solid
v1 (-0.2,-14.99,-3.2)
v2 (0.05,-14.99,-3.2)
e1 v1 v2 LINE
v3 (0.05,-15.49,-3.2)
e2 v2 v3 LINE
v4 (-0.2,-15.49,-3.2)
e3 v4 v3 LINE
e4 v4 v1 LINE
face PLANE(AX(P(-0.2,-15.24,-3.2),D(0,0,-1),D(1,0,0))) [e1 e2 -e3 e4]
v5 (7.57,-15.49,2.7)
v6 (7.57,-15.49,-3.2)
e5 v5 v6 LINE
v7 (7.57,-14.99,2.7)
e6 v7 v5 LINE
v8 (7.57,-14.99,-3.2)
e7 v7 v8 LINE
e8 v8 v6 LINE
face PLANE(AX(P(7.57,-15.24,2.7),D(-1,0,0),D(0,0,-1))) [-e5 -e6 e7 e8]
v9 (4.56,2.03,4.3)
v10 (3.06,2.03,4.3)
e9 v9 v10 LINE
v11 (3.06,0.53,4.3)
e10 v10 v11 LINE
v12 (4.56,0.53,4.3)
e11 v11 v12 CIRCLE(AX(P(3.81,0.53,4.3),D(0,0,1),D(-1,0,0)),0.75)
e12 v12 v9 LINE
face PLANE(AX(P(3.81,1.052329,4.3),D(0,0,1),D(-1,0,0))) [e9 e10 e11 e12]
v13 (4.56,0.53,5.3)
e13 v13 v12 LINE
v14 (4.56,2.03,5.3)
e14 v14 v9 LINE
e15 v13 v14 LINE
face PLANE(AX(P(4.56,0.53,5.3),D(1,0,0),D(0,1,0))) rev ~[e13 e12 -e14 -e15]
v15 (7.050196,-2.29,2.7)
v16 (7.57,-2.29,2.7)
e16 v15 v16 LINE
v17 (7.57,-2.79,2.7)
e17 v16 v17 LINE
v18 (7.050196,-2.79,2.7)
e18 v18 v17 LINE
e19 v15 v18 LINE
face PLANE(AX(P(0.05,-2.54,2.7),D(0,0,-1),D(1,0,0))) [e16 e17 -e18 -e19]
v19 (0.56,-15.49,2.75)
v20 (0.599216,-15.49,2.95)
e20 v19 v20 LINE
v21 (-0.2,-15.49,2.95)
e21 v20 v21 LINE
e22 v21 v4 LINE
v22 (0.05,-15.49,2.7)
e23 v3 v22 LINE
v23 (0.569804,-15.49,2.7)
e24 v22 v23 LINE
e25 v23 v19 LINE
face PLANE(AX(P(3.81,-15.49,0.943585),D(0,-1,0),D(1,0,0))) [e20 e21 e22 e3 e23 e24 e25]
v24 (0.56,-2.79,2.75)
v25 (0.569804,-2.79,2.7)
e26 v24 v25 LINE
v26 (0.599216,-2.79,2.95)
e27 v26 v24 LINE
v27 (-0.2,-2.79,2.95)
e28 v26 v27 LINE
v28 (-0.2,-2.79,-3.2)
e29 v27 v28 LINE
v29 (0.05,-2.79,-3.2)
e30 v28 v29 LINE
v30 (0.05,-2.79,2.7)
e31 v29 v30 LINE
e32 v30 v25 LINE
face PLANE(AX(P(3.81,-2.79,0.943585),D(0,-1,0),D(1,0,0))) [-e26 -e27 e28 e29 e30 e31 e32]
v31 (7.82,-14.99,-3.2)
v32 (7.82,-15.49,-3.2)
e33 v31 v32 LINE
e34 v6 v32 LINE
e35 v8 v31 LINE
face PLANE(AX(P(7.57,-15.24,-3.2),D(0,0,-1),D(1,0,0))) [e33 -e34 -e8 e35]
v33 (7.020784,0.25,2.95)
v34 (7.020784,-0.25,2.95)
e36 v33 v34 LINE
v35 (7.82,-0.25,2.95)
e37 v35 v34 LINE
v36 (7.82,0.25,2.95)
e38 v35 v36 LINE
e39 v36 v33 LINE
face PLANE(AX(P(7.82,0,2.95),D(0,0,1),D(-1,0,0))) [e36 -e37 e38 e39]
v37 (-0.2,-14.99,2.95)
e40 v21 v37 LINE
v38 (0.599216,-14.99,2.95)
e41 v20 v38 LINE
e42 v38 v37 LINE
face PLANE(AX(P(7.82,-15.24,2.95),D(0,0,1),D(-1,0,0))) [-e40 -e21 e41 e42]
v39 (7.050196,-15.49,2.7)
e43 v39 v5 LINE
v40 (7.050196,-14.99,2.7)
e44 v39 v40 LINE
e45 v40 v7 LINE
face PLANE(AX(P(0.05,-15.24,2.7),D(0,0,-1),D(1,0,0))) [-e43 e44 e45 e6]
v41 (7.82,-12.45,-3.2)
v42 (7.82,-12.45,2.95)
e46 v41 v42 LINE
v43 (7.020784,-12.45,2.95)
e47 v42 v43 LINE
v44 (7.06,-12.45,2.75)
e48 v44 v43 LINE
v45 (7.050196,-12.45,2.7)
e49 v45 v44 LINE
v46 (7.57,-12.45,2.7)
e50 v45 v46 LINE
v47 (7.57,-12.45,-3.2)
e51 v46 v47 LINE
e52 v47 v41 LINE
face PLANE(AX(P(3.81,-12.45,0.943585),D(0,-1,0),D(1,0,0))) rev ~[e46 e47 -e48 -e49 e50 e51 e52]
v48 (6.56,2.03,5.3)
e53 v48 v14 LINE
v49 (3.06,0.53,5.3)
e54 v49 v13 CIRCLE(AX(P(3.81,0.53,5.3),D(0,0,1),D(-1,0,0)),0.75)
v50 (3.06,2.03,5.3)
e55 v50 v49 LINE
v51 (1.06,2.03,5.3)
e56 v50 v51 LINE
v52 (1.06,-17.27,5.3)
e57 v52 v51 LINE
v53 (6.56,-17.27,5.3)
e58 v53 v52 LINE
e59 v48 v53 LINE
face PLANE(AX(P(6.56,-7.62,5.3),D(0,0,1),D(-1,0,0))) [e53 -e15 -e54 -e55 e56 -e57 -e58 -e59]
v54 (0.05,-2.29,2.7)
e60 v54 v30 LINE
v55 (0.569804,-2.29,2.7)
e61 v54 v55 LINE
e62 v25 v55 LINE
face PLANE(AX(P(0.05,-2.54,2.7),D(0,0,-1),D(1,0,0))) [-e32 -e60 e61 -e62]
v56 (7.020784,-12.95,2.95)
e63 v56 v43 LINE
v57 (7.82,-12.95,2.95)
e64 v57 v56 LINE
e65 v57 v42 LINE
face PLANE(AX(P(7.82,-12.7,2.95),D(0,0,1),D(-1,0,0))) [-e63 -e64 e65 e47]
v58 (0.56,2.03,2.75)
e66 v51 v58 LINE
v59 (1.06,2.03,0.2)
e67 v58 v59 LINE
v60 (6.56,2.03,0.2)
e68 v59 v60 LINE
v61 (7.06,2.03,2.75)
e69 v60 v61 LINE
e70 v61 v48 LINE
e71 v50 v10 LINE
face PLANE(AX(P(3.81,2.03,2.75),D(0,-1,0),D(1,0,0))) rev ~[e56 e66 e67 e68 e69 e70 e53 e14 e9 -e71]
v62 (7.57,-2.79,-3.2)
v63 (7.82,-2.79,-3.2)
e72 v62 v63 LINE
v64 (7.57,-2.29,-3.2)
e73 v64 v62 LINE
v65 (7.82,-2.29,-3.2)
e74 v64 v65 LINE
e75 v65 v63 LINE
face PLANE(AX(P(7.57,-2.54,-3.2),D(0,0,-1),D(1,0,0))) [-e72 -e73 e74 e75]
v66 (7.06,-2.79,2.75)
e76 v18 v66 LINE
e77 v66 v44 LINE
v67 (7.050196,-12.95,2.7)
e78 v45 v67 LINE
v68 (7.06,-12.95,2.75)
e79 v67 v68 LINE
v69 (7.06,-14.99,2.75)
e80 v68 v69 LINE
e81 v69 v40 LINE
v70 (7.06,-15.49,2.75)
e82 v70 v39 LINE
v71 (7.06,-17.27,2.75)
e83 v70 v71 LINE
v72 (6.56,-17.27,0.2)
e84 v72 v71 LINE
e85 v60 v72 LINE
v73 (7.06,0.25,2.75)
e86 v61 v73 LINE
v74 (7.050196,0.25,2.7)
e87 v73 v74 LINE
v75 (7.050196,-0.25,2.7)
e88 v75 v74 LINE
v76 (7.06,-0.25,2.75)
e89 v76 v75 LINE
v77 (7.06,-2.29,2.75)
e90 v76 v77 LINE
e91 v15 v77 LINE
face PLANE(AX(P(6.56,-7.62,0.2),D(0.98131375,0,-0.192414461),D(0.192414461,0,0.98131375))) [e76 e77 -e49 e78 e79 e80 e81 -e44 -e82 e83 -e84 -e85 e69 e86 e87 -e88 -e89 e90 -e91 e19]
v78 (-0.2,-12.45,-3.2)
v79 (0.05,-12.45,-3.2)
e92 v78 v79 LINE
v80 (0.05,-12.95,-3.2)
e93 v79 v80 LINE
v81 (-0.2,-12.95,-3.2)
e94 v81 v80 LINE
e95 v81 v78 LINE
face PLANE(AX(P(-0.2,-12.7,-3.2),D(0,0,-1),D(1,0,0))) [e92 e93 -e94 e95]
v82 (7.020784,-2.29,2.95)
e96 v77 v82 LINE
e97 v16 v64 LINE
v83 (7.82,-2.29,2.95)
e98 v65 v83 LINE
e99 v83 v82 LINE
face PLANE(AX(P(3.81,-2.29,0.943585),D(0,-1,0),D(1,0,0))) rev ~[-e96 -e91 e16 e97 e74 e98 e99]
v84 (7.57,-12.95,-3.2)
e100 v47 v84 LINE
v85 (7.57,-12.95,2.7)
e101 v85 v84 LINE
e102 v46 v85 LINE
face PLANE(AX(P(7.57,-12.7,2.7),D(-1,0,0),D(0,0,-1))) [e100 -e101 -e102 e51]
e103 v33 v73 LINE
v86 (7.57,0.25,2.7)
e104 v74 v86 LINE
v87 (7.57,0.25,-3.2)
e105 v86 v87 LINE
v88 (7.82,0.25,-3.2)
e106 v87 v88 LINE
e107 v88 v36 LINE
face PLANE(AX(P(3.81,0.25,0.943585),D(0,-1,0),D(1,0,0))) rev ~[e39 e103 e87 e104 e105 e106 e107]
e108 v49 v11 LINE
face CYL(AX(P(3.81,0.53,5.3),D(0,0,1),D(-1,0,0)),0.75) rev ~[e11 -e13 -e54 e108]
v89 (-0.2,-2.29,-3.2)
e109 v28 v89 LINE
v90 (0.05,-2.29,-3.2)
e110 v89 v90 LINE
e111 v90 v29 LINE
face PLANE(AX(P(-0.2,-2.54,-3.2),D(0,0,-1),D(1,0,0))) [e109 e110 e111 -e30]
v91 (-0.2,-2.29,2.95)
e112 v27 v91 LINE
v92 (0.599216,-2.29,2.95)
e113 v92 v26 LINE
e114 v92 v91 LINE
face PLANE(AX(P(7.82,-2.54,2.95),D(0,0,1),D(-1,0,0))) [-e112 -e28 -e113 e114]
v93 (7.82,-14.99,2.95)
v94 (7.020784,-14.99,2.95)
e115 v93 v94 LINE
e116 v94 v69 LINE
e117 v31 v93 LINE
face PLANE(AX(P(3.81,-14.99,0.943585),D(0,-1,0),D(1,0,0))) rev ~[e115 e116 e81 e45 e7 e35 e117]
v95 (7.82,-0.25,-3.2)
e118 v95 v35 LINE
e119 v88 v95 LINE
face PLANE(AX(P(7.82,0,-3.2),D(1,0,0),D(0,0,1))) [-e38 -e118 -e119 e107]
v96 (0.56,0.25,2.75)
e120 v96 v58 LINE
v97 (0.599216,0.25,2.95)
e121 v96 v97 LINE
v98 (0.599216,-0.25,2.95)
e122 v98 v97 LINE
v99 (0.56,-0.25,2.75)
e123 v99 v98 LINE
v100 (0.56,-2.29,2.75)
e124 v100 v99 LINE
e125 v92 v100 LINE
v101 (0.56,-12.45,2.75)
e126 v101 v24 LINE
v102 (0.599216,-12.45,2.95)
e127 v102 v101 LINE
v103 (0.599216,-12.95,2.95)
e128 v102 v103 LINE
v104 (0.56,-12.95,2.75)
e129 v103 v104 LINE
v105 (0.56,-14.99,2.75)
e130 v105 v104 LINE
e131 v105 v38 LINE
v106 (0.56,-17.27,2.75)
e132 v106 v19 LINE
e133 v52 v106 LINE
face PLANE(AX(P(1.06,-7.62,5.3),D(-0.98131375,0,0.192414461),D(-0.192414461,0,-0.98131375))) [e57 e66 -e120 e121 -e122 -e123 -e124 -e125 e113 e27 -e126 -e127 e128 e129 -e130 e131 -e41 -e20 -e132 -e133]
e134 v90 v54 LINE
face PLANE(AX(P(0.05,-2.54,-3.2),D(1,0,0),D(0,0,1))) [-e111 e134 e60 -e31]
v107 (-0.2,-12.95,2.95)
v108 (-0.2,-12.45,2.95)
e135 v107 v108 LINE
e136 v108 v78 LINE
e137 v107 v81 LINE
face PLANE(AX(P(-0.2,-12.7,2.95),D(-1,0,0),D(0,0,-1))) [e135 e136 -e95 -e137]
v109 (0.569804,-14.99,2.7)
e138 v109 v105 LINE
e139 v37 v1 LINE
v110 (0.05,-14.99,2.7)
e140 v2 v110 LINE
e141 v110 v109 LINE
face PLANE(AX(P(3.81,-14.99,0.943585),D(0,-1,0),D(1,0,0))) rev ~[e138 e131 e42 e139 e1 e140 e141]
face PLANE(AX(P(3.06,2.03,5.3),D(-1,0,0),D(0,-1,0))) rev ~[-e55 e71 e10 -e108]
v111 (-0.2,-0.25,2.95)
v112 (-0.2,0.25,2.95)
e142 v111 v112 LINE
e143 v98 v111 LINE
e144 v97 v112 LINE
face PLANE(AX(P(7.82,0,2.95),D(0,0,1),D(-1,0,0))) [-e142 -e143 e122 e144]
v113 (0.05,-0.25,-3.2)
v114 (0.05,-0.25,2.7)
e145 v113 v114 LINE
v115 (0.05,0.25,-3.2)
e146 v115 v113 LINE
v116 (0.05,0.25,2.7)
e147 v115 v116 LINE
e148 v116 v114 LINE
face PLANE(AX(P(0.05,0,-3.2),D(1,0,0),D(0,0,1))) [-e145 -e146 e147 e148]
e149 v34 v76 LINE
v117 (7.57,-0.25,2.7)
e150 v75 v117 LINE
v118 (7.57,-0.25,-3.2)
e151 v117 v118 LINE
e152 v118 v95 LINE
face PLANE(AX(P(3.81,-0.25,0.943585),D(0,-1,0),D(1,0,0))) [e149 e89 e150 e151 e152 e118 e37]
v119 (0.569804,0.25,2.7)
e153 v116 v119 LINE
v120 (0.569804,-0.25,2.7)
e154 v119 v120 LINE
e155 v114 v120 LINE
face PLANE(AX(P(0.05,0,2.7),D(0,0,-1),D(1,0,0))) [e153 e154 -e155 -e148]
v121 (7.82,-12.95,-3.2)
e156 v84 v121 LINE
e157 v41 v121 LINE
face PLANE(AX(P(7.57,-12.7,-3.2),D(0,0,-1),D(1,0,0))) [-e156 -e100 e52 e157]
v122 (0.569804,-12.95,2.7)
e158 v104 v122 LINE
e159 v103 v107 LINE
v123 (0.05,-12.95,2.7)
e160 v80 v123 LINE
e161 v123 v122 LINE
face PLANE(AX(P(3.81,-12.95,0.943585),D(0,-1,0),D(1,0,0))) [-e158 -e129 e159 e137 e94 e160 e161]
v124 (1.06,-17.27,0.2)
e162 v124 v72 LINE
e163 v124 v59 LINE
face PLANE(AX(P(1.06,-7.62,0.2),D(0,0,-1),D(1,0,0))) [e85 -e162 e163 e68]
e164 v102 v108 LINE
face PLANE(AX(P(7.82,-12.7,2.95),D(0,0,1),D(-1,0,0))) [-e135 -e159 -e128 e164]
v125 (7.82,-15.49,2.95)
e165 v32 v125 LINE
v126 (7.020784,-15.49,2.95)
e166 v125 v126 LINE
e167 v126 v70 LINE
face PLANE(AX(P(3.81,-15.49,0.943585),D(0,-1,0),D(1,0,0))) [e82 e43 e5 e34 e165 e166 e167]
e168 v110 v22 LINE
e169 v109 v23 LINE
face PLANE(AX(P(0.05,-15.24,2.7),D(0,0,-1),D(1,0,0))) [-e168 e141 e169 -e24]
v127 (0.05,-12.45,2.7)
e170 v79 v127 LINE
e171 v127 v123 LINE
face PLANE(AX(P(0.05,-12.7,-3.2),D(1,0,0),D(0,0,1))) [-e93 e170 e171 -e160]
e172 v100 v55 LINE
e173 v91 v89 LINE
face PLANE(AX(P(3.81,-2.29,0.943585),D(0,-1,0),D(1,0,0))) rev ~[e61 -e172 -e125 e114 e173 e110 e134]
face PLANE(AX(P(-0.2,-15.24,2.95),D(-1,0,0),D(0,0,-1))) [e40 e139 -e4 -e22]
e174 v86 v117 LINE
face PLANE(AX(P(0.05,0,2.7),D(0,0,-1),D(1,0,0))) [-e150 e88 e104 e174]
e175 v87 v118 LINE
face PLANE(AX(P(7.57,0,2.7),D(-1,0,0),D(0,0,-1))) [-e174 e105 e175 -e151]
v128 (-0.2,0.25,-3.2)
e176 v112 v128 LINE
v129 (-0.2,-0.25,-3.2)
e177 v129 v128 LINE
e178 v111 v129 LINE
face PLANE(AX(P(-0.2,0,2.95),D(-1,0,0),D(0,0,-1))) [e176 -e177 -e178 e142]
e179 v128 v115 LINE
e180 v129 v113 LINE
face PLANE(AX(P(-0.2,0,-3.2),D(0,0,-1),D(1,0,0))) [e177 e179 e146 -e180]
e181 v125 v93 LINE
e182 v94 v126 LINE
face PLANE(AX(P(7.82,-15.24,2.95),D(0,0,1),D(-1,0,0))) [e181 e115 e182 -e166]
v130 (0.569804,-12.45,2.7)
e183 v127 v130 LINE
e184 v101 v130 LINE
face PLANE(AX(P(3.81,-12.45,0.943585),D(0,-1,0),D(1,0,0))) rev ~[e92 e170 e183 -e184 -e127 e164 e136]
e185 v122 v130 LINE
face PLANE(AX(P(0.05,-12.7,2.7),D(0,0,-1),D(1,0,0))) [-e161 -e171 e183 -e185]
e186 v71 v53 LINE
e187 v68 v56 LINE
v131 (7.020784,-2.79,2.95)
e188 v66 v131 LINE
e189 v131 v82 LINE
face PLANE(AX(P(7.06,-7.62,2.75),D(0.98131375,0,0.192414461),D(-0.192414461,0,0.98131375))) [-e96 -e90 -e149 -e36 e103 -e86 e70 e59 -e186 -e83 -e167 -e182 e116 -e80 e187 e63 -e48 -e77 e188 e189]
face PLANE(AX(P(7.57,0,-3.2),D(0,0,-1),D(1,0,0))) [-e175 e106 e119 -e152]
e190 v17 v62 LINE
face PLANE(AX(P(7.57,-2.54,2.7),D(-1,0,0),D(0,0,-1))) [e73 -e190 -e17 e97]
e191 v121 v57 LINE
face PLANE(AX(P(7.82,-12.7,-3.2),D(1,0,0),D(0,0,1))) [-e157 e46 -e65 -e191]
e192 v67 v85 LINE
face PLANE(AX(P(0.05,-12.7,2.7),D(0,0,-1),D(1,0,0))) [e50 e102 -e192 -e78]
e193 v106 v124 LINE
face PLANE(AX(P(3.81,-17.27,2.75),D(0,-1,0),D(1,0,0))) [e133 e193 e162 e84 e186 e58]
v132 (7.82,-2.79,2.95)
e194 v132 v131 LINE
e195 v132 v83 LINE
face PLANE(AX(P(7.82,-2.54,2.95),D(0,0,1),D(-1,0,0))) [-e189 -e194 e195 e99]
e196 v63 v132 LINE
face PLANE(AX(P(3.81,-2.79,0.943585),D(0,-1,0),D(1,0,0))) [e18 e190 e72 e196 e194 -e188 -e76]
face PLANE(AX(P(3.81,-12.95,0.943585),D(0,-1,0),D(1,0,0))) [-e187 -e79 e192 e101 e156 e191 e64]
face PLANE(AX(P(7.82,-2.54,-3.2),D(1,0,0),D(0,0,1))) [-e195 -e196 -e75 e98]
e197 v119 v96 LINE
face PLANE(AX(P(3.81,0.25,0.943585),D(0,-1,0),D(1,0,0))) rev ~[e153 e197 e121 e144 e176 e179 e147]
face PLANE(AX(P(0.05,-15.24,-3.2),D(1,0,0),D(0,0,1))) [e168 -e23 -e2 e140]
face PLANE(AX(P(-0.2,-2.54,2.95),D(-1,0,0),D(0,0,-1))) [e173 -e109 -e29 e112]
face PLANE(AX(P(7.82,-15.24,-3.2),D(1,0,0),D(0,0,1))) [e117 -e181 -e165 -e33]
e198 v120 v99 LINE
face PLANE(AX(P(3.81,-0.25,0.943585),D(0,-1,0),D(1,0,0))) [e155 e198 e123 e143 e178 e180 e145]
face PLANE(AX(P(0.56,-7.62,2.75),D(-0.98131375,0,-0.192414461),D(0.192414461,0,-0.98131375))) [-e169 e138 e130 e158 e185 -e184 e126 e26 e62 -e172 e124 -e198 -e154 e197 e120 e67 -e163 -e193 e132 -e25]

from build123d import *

# Parameters (mm, degrees)
PAD003_DEPTH = 0.25
PAD_DEPTH    = 9.65
POCKET_DEPTH = 1
PAD002_DEPTH = 0.25
PAD001_DEPTH = 0.25
PAD004_DEPTH = 0.25


with BuildPart() as pad003:
    # Sketch004 → Pad003 (new body, symmetric)
    with BuildSketch(Plane.XZ.offset(2.54)):
        Polygon((-0.2, -3.2), (0.05, -3.2), (0.05, 2.7), (7.57, 2.7), (7.57, -3.2), (7.82, -3.2), (7.82, 2.95), (-0.2, 2.95), align=None)
    extrude(amount=PAD003_DEPTH, both=True)


with BuildPart() as pocket:
    # Sketch → Pad (new body, symmetric)
    with BuildSketch(Plane.XZ.offset(7.62)):
        Polygon((1.06, 0.2), (6.56, 0.2), (7.06, 2.75), (6.56, 5.3), (1.06, 5.3), (0.56, 2.75), align=None)
    extrude(amount=PAD_DEPTH, both=True)

    # Sketch003 → Pocket (cut)
    with BuildSketch(Plane(origin=(0, -7.62, 5.3), x_dir=(-1, 0, 0), z_dir=(0, 0, 1))):
        with BuildLine():
            ThreePointArc((-3.06, -8.15), (-3.81, -7.4), (-4.56, -8.15))
            Line((-4.56, -8.15), (-4.56, -9.65))
            Line((-4.56, -9.65), (-3.06, -9.65))
            Line((-3.06, -9.65), (-3.06, -8.15))
        make_face()
    extrude(amount=-POCKET_DEPTH, mode=Mode.SUBTRACT)


with BuildPart() as pad002:
    # Sketch002 → Pad002 (new body, symmetric)
    with BuildSketch(Plane.XZ.offset(15.24)):
        Polygon((-0.2, -3.2), (0.05, -3.2), (0.05, 2.7), (7.57, 2.7), (7.57, -3.2), (7.82, -3.2), (7.82, 2.95), (-0.2, 2.95), align=None)
    extrude(amount=PAD002_DEPTH, both=True)


with BuildPart() as pad001:
    # Sketch001 → Pad001 (new body, symmetric)
    with BuildSketch(Plane.XZ):
        Polygon((-0.2, -3.2), (0.05, -3.2), (0.05, 2.7), (7.57, 2.7), (7.57, -3.2), (7.82, -3.2), (7.82, 2.95), (-0.2, 2.95), align=None)
    extrude(amount=PAD001_DEPTH, both=True)


with BuildPart() as relay_standexmeder_dip_lowprofile:
    # Sketch005 → Pad004 (new body, symmetric)
    with BuildSketch(Plane.XZ.offset(12.7)):
        Polygon((-0.2, -3.2), (0.05, -3.2), (0.05, 2.7), (7.57, 2.7), (7.57, -3.2), (7.82, -3.2), (7.82, 2.95), (-0.2, 2.95), align=None)
    extrude(amount=PAD004_DEPTH, both=True)

    # Pad004_mp_cp: union Pad003, Pocket, Pad002, Pad001
    add(pad003.part)
    add(pocket.part)
    add(pad002.part)
    add(pad001.part)


solid = relay_standexmeder_dip_lowprofile.part
